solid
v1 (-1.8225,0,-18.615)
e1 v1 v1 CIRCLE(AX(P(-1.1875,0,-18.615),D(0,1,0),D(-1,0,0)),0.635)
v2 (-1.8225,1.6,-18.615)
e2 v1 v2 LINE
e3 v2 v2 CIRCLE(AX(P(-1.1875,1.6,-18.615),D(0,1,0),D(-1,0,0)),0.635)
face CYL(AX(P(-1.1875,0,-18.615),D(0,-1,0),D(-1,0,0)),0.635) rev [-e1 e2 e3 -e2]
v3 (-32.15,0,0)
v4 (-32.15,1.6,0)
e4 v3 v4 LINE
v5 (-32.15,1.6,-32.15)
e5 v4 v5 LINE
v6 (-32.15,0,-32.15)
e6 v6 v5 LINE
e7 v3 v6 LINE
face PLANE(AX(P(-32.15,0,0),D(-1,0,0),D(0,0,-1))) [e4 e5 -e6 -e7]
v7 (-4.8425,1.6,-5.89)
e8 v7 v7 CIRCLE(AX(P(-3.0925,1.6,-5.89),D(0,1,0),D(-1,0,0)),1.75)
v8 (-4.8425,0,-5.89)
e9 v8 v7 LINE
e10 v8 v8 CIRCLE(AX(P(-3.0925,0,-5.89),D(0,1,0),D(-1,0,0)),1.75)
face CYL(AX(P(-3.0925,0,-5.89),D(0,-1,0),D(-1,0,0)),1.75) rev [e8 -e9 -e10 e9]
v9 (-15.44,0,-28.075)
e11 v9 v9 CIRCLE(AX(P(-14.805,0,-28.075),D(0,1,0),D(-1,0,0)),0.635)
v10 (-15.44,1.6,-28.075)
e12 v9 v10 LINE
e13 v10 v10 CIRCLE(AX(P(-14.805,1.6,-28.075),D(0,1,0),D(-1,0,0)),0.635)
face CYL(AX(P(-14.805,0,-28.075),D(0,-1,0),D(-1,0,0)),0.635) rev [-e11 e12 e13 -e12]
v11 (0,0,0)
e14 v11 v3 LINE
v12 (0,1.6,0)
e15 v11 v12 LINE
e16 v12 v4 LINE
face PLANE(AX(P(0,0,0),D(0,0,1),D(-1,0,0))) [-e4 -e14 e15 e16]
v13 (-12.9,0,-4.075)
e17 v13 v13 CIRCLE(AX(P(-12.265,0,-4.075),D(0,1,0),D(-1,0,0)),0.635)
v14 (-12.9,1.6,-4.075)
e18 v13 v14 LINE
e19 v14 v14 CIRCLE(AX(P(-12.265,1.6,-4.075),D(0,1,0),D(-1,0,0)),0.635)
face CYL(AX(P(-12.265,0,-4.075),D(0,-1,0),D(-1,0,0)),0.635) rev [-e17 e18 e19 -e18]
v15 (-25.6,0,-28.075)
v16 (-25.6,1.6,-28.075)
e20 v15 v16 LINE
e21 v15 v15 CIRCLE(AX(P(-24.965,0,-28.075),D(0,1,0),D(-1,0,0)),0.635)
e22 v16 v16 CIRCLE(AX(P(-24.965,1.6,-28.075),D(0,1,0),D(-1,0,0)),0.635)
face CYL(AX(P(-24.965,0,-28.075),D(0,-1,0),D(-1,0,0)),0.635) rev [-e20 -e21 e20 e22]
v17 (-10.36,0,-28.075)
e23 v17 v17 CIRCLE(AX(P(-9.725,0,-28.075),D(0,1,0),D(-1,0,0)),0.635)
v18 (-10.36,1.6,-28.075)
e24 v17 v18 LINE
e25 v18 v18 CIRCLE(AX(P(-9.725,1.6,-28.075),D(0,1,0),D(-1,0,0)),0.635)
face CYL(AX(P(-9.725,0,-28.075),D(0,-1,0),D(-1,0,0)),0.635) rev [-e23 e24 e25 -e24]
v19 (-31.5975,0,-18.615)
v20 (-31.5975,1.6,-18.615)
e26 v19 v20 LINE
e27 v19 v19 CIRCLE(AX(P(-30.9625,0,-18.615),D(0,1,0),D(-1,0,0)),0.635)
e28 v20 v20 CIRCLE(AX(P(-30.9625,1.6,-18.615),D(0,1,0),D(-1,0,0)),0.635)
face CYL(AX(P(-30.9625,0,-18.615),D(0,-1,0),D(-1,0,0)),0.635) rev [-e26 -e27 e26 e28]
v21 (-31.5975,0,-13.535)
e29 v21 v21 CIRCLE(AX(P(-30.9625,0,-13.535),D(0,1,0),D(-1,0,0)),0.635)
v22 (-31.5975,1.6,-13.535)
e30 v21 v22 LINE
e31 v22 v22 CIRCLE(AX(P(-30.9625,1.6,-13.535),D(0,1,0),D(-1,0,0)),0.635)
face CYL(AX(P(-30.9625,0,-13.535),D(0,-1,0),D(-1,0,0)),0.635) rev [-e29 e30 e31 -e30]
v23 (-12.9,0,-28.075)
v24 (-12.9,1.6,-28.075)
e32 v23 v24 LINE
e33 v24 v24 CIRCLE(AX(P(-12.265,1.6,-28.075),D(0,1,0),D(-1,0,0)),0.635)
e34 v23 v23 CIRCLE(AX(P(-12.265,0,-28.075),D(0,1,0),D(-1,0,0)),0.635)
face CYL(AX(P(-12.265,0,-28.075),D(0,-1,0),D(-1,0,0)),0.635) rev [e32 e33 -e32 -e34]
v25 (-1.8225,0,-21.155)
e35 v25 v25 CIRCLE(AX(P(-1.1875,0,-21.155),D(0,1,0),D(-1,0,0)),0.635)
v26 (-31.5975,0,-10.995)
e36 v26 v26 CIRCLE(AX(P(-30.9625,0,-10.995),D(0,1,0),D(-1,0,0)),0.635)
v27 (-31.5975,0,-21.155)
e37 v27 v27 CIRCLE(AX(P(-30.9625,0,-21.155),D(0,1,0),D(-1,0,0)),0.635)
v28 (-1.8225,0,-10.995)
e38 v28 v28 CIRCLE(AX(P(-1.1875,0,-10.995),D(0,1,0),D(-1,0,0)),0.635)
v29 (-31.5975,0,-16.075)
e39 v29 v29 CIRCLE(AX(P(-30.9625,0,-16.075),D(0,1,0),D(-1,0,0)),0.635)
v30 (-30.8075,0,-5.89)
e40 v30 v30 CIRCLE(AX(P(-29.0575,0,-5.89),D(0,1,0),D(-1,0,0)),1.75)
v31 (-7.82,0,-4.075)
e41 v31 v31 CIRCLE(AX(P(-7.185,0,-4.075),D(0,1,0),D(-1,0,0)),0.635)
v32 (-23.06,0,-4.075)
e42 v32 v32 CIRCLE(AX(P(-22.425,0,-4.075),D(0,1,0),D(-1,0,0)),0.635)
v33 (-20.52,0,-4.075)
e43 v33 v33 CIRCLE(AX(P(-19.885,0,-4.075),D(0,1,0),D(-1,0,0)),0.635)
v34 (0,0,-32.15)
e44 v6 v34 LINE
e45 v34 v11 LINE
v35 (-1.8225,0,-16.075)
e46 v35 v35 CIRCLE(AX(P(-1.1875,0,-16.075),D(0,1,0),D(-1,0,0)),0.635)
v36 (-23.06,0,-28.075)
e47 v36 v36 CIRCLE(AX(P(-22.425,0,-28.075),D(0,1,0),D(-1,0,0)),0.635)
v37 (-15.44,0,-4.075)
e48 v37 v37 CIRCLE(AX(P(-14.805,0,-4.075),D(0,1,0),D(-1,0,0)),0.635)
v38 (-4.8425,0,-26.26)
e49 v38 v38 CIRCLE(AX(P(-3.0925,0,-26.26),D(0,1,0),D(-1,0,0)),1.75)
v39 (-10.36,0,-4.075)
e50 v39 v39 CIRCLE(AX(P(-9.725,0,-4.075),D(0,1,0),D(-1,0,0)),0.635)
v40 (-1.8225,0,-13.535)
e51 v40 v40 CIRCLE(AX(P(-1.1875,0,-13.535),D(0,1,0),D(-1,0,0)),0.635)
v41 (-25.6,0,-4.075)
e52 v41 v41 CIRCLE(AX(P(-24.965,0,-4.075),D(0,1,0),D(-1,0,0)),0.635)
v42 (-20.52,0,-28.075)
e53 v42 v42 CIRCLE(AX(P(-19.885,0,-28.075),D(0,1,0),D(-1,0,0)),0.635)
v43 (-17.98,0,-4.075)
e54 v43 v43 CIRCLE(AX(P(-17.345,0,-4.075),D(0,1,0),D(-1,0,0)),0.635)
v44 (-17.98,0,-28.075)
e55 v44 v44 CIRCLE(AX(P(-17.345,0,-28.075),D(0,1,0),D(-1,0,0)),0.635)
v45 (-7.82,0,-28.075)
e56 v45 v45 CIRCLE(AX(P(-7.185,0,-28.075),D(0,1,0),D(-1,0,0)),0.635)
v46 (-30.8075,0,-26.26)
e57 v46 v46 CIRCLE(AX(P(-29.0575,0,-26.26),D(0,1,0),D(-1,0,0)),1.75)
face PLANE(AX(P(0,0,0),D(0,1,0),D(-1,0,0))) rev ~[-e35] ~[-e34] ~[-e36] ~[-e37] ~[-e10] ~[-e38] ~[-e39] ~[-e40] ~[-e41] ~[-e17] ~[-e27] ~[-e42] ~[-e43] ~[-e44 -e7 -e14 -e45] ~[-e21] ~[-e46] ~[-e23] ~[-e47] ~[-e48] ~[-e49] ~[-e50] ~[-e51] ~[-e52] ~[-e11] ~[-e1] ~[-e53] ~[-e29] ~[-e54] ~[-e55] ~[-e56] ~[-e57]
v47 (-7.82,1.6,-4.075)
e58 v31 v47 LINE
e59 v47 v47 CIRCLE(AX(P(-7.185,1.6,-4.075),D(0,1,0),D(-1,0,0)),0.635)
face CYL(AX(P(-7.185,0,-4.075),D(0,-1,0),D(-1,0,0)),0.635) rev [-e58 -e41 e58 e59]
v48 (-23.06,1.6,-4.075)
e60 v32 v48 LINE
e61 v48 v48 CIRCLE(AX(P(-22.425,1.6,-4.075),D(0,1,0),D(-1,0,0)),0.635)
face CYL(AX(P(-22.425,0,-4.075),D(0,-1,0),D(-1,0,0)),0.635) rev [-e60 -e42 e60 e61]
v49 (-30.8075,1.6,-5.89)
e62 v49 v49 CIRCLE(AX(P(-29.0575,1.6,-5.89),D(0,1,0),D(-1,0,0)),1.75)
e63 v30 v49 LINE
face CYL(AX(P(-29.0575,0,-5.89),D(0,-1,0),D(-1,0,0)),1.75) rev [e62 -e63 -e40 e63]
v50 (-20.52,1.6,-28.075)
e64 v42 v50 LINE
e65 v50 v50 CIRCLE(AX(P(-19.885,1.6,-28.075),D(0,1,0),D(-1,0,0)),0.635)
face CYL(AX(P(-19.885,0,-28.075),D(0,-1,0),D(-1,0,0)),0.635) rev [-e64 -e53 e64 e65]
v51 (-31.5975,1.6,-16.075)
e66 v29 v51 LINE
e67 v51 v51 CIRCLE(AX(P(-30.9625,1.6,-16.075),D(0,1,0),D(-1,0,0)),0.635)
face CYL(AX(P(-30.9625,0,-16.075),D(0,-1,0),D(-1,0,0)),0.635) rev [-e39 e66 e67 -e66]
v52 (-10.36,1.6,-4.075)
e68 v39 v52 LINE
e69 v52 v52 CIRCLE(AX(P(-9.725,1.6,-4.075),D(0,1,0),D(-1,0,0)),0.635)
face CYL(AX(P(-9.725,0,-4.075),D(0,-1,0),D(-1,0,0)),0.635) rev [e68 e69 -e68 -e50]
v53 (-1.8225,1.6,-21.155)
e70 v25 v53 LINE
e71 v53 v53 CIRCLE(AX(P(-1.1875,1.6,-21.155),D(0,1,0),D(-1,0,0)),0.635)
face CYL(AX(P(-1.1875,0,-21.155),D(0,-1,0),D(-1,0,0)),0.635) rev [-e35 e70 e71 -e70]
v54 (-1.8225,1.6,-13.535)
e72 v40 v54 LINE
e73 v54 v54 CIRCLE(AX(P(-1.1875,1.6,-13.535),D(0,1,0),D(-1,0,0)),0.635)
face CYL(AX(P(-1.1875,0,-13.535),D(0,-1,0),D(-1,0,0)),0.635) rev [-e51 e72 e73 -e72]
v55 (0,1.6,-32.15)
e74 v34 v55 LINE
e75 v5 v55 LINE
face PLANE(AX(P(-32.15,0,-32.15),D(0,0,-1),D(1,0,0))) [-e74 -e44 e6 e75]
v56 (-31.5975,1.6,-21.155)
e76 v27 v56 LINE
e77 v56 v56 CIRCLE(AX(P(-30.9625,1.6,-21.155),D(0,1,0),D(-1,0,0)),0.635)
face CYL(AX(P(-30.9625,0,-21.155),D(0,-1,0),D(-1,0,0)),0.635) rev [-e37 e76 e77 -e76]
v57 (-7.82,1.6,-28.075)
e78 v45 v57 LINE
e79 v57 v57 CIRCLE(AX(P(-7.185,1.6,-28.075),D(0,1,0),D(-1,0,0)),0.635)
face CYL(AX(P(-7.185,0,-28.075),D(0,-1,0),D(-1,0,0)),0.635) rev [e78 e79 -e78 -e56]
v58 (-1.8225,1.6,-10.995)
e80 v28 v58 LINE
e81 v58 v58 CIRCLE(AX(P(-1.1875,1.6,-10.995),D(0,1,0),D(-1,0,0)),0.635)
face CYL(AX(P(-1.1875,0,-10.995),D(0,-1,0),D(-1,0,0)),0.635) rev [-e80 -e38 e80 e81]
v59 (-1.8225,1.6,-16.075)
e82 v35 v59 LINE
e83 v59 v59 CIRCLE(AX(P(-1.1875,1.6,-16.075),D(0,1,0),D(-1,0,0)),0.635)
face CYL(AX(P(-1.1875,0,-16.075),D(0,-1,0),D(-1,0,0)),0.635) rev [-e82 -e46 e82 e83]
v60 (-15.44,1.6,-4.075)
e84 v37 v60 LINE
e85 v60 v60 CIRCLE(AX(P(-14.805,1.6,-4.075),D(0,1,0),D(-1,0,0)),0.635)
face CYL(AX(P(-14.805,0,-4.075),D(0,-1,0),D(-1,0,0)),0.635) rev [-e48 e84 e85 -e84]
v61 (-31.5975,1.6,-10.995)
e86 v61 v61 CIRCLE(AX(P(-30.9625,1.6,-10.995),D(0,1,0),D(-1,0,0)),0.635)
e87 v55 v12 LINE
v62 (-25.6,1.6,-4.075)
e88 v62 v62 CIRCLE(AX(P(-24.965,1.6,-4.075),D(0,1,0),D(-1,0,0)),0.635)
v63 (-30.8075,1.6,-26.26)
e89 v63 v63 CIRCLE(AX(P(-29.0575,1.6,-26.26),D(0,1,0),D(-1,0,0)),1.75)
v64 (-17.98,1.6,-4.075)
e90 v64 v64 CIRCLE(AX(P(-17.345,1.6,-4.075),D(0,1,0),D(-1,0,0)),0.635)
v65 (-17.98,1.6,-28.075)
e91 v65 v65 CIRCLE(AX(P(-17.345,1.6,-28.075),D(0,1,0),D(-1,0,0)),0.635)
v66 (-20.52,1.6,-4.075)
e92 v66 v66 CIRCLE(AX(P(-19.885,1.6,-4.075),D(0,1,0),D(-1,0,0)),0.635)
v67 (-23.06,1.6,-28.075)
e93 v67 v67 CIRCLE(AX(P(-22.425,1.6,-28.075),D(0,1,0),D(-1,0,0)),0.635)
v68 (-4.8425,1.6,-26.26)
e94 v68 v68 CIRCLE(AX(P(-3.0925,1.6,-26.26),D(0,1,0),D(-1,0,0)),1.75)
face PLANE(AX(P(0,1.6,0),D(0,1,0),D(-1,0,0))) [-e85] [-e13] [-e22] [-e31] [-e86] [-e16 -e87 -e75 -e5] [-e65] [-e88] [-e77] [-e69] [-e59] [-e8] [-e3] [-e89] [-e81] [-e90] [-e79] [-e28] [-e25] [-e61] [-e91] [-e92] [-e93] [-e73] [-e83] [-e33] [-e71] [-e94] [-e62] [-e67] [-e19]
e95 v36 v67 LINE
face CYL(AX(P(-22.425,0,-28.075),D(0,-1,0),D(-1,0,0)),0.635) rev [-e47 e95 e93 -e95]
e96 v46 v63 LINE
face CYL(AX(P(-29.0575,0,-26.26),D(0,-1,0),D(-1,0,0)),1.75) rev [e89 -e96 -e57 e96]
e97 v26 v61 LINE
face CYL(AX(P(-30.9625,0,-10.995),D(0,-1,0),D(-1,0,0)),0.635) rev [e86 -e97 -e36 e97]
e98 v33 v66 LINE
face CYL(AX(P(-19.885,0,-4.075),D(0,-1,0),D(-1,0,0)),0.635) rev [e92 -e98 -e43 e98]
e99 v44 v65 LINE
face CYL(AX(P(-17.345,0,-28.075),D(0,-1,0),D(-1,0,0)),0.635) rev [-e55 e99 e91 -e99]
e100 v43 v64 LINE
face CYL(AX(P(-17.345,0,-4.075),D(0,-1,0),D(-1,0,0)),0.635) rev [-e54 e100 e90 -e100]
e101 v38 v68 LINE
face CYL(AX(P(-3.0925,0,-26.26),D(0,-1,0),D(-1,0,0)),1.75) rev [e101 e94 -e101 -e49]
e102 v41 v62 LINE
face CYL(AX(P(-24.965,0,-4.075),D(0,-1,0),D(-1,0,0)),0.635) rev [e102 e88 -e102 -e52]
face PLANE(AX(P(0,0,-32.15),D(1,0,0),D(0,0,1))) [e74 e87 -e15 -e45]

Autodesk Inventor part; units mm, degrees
ref_plane "YZ Plane" through (0, 0, 0) normal (1, 0, 0) x (0, 1, 0)
ref_plane "XZ Plane" through (0, 0, 0) normal (0, 1, 0) x (-1, 0, 0)
ref_plane "XY Plane" through (0, 0, 0) normal (0, 0, 1) x (1, 0, 0)
sketch "Sketch1" plane through (0, 0, 0) normal (0, 1, 0) x (-1, 0, 0)
  line L0 (0, 0) -> (32.15, 0)
  line L1 (32.15, 0) -> (32.15, -32.15)
  line L2 (32.15, -32.15) -> (0, -32.15)
  line L3 (0, -32.15) -> (0, 0)
  circle A0 centre (29.0575, -5.89) radius 1.75
  circle A1 centre (29.0575, -26.26) radius 1.75
  line L4 (32.15, -16.075) -> (0, -16.075) construction
  line L5 (29.0575, -5.89) -> (3.0925, -5.89) construction
  line L6 (3.0925, -5.89) -> (3.0925, -26.26) construction
  line L7 (3.0925, -26.26) -> (29.0575, -26.26) construction
  line L8 (29.0575, -26.26) -> (29.0575, -5.89) construction
  circle A2 centre (3.0925, -5.89) radius 1.75
  circle A3 centre (3.0925, -26.26) radius 1.75
  line L9 (29.0575, -5.89) -> (3.0925, -26.26) construction
  circle A4 centre (24.965, -28.075) radius 0.635
  circle A5 centre (22.425, -28.075) radius 0.635
  circle A6 centre (19.885, -28.075) radius 0.635
  circle A7 centre (17.345, -28.075) radius 0.635
  circle A8 centre (14.805, -28.075) radius 0.635
  circle A9 centre (12.265, -28.075) radius 0.635
  circle A10 centre (9.725, -28.075) radius 0.635
  circle A11 centre (7.185, -28.075) radius 0.635
  circle A12 centre (24.965, -4.075) radius 0.635
  circle A13 centre (22.425, -4.075) radius 0.635
  circle A14 centre (19.885, -4.075) radius 0.635
  circle A15 centre (17.345, -4.075) radius 0.635
  circle A16 centre (14.805, -4.075) radius 0.635
  circle A17 centre (12.265, -4.075) radius 0.635
  circle A18 centre (9.725, -4.075) radius 0.635
  circle A19 centre (7.185, -4.075) radius 0.635
  line L10 (24.965, -4.075) -> (7.185, -28.075) construction
  circle A20 centre (30.9625, -21.155) radius 0.635
  circle A21 centre (30.9625, -18.615) radius 0.635
  circle A22 centre (30.9625, -16.075) radius 0.635
  circle A23 centre (30.9625, -13.535) radius 0.635
  circle A24 centre (30.9625, -10.995) radius 0.635
  circle A25 centre (1.1875, -21.155) radius 0.635
  circle A26 centre (1.1875, -18.615) radius 0.635
  circle A27 centre (1.1875, -16.075) radius 0.635
  circle A28 centre (1.1875, -13.535) radius 0.635
  circle A29 centre (1.1875, -10.995) radius 0.635
  line L11 (30.9625, -21.155) -> (1.1875, -10.995) construction
  point P0 (29.0575, -16.075)
  point P1 (16.075, -16.075)
  dimension "d0" = 32.15
  dimension "d1" = 32.15
  dimension "d3" = 20.37
  dimension "d4" = 3.5
  dimension "d5" = 3.5
  dimension "d6" = 3.5
  dimension "d7" = 3.5
  dimension "d8" = 25.965
  dimension "d9" = 1.27
  dimension "d12" = 2.54
  dimension "d15" = 24
  dimension "d20" = 1.27
  dimension "d23" = 2.54
  dimension "d26" = 29.775
extrude "Extrusion1" add sketch "Sketch1" along normal blind 1.6
equation "\"d5\" = d4"
equation "\"d6\" = d4"
equation "\"d7\" = d4"
equation "\"d20\" = d9"
properties part number "PCB"
